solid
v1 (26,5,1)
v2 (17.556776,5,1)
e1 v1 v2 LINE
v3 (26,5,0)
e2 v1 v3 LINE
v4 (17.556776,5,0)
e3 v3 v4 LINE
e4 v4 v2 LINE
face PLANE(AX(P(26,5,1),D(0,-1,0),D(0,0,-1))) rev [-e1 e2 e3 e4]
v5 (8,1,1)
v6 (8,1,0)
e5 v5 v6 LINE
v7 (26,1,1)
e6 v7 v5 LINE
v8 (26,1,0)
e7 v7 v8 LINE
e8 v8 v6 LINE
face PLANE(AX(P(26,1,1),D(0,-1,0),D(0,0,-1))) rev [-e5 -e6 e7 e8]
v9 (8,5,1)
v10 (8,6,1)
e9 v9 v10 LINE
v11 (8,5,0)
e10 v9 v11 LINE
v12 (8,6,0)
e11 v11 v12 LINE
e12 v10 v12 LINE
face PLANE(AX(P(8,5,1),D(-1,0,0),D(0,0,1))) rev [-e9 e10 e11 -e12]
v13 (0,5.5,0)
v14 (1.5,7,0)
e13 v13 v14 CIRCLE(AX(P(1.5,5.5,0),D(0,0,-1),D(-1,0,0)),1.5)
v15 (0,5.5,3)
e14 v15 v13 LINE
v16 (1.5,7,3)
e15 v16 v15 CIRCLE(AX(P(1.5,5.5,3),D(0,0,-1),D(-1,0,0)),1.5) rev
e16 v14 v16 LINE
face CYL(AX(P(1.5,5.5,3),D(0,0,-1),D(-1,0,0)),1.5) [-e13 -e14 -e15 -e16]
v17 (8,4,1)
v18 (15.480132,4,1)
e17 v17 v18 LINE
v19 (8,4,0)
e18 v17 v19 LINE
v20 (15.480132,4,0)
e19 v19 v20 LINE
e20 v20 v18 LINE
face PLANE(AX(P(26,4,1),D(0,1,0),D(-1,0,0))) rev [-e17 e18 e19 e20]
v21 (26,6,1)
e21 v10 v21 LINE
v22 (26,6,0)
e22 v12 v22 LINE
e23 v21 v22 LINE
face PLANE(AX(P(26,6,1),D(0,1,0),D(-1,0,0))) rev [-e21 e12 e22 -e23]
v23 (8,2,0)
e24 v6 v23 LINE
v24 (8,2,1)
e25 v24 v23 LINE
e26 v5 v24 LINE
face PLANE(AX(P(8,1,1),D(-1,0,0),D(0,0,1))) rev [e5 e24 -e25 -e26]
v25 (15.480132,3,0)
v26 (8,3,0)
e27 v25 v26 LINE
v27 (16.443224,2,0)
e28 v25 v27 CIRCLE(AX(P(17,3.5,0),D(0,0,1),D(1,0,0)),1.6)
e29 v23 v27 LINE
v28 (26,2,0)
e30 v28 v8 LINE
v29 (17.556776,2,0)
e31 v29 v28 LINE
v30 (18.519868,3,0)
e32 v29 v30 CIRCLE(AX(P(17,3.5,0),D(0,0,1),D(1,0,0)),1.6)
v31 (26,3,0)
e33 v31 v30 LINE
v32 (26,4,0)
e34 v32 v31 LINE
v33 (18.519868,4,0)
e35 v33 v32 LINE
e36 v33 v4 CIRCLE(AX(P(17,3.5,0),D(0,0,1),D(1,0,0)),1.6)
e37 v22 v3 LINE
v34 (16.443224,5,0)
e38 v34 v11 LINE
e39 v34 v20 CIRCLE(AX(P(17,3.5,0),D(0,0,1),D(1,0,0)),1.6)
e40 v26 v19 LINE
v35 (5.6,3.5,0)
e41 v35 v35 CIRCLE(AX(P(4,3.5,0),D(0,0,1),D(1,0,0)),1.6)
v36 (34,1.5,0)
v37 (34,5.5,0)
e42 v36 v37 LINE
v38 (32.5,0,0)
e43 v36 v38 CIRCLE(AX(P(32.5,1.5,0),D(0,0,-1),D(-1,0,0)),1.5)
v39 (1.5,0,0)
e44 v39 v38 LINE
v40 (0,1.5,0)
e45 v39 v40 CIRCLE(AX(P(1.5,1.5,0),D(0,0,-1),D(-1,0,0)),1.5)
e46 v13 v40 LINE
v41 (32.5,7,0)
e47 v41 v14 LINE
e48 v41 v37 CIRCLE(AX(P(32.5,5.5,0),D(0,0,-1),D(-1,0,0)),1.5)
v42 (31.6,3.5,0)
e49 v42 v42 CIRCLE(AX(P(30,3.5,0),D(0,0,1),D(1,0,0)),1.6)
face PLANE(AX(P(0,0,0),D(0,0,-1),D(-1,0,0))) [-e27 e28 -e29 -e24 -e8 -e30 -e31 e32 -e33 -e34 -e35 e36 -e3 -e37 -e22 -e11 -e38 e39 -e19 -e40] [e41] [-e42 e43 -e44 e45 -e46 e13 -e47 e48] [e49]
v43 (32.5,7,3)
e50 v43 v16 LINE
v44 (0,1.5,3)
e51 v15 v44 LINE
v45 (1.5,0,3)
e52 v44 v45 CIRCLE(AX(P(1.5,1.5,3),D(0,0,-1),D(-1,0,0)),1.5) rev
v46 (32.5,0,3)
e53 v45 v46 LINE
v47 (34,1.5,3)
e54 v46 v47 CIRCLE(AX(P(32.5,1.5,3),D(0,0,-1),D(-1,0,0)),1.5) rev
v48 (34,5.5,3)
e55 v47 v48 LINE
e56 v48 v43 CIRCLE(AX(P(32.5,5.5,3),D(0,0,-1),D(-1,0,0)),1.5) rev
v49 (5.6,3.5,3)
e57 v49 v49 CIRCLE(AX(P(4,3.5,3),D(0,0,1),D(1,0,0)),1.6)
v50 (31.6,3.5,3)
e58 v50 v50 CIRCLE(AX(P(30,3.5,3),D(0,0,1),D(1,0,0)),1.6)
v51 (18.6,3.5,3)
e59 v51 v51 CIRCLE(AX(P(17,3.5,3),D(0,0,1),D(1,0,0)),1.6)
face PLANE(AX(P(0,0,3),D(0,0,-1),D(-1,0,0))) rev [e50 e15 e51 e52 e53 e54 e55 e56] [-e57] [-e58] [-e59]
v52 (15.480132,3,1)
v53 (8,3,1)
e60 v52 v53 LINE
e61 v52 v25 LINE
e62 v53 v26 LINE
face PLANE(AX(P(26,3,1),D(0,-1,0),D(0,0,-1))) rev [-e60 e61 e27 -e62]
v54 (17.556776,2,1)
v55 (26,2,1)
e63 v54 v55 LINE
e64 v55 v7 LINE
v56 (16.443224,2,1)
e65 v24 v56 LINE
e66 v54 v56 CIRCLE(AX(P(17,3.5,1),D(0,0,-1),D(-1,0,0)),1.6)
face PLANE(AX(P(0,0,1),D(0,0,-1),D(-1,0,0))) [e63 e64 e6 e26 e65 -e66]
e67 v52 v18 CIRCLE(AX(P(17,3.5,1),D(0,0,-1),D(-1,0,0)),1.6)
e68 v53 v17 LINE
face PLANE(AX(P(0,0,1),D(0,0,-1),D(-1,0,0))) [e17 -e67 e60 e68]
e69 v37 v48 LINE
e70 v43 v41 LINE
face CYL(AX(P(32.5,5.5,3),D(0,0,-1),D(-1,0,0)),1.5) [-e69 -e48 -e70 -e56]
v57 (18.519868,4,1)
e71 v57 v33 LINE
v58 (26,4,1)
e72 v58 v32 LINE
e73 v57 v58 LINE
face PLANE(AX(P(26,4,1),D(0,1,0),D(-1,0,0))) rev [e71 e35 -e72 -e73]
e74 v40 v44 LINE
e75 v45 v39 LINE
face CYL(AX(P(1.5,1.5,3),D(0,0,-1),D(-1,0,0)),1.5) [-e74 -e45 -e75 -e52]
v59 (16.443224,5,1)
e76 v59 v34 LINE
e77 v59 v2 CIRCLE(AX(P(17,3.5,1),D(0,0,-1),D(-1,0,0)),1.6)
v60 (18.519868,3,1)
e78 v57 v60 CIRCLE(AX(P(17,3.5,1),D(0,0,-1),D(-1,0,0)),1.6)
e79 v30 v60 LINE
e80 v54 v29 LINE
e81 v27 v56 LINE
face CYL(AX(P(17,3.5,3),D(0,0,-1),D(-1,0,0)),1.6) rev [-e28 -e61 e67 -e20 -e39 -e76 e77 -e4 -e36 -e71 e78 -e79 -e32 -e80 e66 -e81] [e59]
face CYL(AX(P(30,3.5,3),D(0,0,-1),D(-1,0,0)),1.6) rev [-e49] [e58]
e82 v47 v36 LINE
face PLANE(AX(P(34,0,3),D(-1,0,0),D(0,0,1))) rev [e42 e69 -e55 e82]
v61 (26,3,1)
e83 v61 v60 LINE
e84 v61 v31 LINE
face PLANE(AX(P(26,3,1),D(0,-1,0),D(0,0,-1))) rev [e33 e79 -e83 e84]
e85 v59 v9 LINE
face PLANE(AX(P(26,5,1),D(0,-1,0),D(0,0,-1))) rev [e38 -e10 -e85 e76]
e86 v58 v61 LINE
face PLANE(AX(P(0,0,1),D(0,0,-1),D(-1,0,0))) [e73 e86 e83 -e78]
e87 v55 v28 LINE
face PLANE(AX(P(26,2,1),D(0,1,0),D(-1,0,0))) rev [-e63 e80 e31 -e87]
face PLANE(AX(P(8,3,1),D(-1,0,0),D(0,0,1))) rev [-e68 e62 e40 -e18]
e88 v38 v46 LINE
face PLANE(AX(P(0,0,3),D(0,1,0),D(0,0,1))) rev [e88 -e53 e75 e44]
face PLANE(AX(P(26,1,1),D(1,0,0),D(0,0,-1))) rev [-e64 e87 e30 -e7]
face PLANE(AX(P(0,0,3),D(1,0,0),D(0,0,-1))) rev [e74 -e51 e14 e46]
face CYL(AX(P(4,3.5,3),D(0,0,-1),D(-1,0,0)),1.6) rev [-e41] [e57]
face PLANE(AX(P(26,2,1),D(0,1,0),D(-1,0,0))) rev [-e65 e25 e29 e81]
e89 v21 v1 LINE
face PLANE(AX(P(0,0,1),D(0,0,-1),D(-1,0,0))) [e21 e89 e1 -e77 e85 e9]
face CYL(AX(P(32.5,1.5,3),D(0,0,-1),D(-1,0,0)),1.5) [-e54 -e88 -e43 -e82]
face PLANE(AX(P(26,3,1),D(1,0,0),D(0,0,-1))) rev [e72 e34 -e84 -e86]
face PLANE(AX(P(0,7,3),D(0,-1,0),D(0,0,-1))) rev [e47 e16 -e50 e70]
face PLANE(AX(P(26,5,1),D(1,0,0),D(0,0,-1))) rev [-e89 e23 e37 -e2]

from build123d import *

# Parameters (mm, degrees)
SKETCH1_W           = 34
SKETCH1_H           = 7
SKETCH1_R           = 1.6
BOSS_EXTRUDE1_DEPTH = 3
SKETCH2_W           = 18
SKETCH2_H           = 1
CUT_EXTRUDE1_DEPTH  = 1
FILLET1_R           = 1.5


with BuildPart() as part:
    # Sketch1 → Boss-Extrude1 (new body)
    with BuildSketch(Plane.XY):
        with Locations((17, 3.5)):
            Rectangle(SKETCH1_W, SKETCH1_H)
        with Locations((4, 3.5)):
            Circle(SKETCH1_R, mode=Mode.SUBTRACT)
        with Locations((30, 3.5)):
            Circle(SKETCH1_R, mode=Mode.SUBTRACT)
        with Locations((17, 3.5)):
            Circle(SKETCH1_R, mode=Mode.SUBTRACT)
    extrude(amount=BOSS_EXTRUDE1_DEPTH)

    # Sketch2 → Cut-Extrude1 (cut)
    with BuildSketch(Plane(origin=(0, 0, 0), x_dir=(-1, 0, 0), z_dir=(0, 0, -1))):
        with Locations((-17, 7.5)):
            Rectangle(SKETCH2_W, SKETCH2_H)
        with Locations((-17, 5.5)):
            Rectangle(SKETCH2_W, SKETCH2_H)
        with Locations((-17, 3.5)):
            Rectangle(SKETCH2_W, SKETCH2_H)
        with Locations((-17, 1.5)):
            Rectangle(SKETCH2_W, SKETCH2_H)
        with Locations((-17, -0.5)):
            Rectangle(SKETCH2_W, SKETCH2_H)
    extrude(amount=-CUT_EXTRUDE1_DEPTH, mode=Mode.SUBTRACT)

    # Fillet1
    fillet1_edges = [part.edges().sort_by_distance(p)[0] for p in [
        (0, 7, 1.5),
        (34, 7, 1.5),
        (34, 0, 1.5),
        (0, 0, 1.5),
    ]]
    fillet(fillet1_edges, radius=FILLET1_R)


solid = part.part
